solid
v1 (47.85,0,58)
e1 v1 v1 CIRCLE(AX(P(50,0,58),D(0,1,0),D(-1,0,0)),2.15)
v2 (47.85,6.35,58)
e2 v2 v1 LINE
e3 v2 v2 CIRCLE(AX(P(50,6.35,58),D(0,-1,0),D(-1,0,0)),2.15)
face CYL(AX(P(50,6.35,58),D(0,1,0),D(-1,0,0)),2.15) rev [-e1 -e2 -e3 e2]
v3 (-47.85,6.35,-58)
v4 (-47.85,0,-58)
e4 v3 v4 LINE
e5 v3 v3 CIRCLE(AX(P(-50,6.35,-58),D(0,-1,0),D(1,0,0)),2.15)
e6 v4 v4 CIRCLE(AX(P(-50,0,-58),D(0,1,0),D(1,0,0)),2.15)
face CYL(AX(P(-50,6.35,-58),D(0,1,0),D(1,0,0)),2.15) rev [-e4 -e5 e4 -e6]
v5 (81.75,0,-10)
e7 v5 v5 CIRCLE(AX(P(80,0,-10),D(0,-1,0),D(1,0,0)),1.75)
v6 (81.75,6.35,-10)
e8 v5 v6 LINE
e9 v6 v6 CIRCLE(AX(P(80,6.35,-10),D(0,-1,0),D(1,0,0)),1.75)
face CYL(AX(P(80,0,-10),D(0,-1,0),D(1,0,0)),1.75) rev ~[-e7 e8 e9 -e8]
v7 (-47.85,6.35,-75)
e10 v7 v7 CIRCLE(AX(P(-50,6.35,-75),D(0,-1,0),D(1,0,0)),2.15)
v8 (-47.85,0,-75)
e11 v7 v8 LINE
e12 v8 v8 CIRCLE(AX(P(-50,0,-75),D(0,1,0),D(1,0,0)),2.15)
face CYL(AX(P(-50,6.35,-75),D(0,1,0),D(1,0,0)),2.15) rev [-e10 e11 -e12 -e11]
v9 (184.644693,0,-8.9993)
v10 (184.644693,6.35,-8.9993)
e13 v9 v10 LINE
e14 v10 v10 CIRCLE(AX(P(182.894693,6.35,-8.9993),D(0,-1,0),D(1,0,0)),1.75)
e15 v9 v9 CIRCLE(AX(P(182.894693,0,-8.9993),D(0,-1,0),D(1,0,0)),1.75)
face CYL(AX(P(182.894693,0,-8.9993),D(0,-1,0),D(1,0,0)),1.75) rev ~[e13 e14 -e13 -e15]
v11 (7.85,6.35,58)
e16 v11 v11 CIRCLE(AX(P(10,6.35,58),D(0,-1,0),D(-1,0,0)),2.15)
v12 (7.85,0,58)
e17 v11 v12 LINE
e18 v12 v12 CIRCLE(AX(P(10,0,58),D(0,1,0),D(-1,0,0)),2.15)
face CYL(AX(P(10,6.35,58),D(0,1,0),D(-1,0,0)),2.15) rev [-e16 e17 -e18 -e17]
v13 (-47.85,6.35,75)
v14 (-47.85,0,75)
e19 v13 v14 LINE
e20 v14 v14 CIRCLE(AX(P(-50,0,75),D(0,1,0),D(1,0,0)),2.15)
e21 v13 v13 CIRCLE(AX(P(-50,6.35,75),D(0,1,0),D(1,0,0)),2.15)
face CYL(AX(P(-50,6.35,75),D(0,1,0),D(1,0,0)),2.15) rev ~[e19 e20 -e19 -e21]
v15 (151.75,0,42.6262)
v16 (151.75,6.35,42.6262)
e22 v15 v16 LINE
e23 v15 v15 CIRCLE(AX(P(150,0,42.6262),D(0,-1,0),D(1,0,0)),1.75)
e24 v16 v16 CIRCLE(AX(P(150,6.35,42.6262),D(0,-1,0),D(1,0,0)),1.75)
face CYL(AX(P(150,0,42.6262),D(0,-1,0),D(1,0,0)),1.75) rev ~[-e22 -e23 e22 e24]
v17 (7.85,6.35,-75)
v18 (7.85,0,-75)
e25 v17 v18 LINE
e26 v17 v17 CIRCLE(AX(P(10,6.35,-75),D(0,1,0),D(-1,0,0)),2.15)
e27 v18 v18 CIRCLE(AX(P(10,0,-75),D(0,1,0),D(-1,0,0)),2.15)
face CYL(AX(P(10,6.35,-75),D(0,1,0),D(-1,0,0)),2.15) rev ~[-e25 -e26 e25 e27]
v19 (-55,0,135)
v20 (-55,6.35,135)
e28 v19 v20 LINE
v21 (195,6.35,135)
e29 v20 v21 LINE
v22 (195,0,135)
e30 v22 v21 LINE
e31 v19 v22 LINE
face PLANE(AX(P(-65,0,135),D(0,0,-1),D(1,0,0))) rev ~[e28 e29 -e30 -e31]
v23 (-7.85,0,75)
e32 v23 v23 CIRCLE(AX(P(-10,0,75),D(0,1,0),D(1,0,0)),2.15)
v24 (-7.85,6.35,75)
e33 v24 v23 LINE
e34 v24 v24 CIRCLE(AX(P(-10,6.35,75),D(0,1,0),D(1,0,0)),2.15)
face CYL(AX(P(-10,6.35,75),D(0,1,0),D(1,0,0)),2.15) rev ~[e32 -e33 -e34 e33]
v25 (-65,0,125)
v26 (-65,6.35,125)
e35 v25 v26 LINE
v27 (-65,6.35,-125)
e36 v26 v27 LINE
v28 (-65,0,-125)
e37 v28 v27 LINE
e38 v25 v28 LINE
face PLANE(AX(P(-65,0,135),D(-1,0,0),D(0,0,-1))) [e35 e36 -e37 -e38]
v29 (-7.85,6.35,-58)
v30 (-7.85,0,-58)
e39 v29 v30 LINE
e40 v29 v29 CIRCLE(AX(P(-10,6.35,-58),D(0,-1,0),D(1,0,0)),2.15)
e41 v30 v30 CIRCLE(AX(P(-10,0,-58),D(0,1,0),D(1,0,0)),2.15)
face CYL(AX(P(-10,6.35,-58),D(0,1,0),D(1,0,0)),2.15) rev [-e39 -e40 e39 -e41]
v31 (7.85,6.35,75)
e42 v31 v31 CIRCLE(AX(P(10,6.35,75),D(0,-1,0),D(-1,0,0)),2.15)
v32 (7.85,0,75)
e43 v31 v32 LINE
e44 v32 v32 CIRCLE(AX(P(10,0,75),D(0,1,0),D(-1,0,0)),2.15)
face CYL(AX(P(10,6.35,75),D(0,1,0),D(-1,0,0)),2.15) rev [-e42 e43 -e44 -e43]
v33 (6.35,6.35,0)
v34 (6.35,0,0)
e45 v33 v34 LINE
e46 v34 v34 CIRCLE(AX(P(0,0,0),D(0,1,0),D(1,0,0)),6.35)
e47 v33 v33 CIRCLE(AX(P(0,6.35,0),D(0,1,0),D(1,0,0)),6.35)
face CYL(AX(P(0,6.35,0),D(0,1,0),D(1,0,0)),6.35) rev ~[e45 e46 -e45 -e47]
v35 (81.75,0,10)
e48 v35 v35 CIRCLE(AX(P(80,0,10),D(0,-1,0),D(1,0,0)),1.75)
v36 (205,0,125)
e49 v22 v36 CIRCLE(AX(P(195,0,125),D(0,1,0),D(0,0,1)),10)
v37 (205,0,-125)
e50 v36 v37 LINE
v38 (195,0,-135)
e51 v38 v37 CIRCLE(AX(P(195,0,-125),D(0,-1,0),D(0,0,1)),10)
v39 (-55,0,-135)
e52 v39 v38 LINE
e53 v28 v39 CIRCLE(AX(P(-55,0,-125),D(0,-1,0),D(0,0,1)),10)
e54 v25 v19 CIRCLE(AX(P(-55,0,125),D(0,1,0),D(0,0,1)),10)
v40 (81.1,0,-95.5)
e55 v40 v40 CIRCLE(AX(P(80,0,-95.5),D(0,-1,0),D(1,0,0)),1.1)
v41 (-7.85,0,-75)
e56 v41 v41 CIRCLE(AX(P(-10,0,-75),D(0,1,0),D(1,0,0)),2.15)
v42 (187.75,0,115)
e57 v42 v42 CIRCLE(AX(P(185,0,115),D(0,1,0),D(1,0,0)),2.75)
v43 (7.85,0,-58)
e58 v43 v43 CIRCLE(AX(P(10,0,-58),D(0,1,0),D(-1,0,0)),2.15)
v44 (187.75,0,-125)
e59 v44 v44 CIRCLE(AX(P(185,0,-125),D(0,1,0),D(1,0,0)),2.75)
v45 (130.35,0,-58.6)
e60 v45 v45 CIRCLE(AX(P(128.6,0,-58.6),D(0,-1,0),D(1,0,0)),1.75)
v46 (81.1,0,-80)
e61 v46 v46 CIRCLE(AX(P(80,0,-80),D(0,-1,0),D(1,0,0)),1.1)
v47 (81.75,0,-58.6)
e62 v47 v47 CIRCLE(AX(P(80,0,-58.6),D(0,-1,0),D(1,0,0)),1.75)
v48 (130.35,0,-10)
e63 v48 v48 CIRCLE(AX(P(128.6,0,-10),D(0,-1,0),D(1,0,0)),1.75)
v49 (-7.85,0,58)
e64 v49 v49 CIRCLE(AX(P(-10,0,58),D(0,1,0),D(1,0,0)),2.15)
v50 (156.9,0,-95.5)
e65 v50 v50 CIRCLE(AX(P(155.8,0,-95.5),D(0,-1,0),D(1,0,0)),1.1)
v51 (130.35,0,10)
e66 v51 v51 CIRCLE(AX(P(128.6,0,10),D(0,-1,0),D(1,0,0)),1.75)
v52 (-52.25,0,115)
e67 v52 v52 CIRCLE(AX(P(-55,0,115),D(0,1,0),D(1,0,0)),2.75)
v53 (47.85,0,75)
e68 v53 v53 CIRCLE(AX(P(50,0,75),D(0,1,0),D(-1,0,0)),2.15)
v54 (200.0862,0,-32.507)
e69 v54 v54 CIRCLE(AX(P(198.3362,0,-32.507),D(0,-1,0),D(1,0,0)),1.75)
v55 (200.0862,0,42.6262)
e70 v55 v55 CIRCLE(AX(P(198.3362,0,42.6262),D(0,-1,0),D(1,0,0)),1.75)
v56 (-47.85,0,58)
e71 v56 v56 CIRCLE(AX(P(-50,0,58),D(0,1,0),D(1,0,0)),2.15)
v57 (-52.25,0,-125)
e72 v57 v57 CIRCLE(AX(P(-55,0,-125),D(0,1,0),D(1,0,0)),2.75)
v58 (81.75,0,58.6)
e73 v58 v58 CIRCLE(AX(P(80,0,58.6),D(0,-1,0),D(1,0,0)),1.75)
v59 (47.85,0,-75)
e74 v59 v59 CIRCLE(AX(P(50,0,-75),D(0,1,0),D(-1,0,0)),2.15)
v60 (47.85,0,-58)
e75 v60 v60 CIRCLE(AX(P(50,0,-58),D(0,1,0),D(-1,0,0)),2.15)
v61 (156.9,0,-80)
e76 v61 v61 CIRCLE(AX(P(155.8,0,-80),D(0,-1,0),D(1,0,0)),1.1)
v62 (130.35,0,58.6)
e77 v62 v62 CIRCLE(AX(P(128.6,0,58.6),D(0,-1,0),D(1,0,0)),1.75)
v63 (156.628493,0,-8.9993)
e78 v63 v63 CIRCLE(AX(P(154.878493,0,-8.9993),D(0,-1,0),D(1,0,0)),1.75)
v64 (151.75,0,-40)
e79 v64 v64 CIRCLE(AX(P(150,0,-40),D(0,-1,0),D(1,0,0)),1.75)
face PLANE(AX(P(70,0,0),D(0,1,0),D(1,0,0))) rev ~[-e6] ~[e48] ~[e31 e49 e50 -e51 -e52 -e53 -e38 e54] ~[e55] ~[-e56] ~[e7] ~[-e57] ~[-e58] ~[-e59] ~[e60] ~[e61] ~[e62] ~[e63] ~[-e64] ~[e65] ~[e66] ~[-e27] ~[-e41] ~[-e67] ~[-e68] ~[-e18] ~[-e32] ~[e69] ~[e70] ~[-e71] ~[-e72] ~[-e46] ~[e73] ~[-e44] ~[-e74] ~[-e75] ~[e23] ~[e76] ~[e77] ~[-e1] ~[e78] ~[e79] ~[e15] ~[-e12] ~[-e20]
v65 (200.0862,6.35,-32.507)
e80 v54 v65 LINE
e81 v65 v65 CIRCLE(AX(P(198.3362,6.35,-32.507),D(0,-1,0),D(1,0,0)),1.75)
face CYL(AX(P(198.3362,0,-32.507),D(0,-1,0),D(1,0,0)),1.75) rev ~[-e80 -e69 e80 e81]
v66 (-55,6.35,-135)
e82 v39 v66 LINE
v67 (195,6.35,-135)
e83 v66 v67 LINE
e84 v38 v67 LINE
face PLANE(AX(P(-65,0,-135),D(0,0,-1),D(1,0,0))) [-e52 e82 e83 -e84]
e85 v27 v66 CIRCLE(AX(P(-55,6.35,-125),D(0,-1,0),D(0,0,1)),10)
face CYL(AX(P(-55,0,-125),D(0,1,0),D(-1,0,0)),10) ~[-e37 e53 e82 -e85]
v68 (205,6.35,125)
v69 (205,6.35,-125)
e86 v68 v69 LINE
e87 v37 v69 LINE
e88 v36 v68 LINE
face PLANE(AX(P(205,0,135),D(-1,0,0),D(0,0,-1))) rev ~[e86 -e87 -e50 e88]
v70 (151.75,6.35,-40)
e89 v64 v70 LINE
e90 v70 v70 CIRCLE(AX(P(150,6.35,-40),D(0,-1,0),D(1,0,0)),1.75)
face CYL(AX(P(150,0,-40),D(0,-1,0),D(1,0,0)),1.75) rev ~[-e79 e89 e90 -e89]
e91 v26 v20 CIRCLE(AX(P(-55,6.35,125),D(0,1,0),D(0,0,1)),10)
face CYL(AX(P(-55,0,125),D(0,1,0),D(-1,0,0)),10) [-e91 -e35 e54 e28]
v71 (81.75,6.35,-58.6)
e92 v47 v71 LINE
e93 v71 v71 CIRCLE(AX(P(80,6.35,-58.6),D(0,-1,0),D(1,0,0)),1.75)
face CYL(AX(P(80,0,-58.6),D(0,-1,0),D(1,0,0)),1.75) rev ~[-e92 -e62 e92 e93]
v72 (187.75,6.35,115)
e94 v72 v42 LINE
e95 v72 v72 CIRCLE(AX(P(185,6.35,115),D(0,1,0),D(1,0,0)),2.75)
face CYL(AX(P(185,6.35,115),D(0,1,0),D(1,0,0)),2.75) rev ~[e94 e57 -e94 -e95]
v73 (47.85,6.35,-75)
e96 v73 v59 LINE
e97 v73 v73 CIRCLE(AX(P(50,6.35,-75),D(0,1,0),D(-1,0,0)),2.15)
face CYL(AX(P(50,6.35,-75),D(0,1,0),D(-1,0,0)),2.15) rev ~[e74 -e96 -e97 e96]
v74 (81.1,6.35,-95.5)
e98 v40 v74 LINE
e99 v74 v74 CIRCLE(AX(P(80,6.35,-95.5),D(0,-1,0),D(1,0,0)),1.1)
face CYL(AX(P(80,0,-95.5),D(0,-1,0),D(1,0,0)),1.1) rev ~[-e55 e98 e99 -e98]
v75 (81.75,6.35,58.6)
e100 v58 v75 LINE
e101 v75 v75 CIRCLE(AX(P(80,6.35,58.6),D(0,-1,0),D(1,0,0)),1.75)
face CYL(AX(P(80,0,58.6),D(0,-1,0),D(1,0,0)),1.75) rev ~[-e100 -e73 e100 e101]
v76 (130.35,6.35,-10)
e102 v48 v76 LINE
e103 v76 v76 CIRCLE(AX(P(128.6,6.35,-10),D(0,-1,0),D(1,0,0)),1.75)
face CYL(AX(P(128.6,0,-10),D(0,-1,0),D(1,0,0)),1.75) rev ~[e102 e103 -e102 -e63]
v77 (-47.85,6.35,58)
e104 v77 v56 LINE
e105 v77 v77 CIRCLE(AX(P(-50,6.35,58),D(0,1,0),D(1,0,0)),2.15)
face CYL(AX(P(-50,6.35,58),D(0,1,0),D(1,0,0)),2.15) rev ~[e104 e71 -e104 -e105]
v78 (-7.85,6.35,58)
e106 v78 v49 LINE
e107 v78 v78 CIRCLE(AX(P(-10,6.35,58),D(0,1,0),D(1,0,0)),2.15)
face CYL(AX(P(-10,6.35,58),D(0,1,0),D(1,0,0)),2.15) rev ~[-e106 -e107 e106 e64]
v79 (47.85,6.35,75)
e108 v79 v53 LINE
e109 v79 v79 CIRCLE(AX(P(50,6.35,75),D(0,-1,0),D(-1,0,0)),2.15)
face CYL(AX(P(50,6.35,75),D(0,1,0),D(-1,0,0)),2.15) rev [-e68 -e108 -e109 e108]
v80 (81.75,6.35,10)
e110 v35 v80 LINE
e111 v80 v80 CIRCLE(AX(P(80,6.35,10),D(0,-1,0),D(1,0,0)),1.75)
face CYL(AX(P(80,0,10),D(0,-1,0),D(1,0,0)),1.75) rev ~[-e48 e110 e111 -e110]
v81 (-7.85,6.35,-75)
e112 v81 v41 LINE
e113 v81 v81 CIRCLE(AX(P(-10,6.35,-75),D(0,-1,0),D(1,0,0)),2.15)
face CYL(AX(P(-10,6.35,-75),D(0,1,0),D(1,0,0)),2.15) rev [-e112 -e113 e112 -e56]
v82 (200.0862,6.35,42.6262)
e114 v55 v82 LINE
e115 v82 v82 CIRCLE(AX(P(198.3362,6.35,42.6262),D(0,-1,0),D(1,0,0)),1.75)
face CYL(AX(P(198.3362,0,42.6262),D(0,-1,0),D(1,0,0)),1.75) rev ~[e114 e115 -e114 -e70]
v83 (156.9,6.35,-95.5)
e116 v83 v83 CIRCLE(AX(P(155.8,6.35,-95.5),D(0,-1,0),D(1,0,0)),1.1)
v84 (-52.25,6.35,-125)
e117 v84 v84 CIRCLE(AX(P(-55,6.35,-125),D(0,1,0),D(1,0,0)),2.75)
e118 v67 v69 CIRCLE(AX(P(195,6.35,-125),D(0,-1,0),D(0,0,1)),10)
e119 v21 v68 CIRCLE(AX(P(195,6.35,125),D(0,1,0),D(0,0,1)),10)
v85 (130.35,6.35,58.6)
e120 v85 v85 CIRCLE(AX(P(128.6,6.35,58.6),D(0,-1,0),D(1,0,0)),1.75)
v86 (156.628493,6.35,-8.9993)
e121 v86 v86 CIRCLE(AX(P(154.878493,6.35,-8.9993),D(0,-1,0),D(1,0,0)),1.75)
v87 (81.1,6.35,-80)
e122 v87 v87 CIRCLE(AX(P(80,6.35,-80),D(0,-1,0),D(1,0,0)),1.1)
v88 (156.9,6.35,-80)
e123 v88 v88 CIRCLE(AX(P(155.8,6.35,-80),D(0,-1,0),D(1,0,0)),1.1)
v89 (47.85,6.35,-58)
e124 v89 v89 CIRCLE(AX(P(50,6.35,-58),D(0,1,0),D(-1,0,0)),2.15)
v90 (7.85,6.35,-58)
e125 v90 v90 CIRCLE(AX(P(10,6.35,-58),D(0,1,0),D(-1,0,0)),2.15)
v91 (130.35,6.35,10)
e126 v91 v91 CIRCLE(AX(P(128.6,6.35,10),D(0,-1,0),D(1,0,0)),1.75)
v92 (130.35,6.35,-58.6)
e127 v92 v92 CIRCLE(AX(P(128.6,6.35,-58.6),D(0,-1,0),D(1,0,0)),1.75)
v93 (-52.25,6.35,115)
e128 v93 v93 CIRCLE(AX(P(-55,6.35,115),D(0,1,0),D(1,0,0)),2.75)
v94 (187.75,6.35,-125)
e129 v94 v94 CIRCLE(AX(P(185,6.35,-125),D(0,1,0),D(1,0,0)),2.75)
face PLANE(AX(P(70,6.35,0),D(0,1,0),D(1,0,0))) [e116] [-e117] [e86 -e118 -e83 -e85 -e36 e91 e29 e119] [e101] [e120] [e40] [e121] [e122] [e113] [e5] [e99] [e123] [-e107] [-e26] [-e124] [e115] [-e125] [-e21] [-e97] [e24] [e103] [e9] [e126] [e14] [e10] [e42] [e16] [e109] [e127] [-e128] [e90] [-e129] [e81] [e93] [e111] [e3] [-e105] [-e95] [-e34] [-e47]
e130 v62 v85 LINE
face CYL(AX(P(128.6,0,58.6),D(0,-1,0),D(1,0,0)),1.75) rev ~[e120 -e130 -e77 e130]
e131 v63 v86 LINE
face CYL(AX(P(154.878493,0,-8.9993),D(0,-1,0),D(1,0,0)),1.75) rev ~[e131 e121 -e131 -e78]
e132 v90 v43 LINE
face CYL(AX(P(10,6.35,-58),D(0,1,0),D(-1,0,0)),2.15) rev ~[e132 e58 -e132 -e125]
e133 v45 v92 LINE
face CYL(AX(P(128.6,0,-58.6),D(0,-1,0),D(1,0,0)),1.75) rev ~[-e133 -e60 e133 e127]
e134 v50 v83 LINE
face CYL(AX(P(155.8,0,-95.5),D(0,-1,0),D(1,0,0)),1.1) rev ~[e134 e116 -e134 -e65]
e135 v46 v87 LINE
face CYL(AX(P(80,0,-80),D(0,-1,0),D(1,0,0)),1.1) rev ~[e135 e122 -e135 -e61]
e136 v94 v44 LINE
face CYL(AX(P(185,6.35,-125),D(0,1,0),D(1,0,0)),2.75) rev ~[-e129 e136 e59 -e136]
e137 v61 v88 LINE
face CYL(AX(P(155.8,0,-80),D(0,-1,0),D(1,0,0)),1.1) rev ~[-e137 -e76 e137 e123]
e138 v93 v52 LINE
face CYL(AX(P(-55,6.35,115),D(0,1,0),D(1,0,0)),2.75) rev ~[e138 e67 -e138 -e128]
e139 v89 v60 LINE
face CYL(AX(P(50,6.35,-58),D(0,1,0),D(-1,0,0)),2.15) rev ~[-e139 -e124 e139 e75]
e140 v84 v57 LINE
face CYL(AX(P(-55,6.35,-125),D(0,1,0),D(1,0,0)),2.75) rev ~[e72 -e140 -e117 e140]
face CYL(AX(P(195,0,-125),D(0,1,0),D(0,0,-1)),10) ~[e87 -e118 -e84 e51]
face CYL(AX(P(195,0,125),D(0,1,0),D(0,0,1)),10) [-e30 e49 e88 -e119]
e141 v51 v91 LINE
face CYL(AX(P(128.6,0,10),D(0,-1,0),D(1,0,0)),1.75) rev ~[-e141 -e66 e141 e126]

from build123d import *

# Parameters (mm, degrees)
SKETCH1_W               = 270
SKETCH1_H               = 270
BOSS_EXTRUDE1_DEPTH     = 6.35
SKETCH3_R               = 2.15
CUT_EXTRUDE1_DEPTH      = 7.35
MIRROR2_COPY_1_SKETCH_R = 2.15
MIRROR2_COPY_1_DEPTH    = 7.35
SKETCH4_R               = 6.35
CUT_EXTRUDE2_DEPTH      = 7.35
SKETCH6_R               = 1.75
CUT_EXTRUDE4_DEPTH      = 7.35
SKETCH7_R               = 1.1
CUT_EXTRUDE5_DEPTH      = 7.35
FILLET1_R               = 10
CUT_EXTRUDE6_REACH      = 8.35
SKETCH8_R               = 2.75


with BuildPart() as part:
    # Sketch1 → Boss-Extrude1 (new body)
    with BuildSketch(Plane(origin=(0, 0, 0), x_dir=(1, 0, 0), z_dir=(0, 1, 0))):
        with Locations((70, 0)):
            Rectangle(SKETCH1_W, SKETCH1_H)
    extrude(amount=BOSS_EXTRUDE1_DEPTH)

    # Sketch3 → Cut-Extrude1 (cut, through all)
    with BuildSketch(Plane(origin=(0, 6.35, 0), x_dir=(1, 0, 0), z_dir=(0, 1, 0))):
        with Locations((-50, -58)):
            Circle(SKETCH3_R)
        with Locations((-10, -58)):
            Circle(SKETCH3_R)
        with Locations((-50, -75)):
            Circle(SKETCH3_R)
        with Locations((-10, -75)):
            Circle(SKETCH3_R)
    cut_extrude1 = extrude(amount=-CUT_EXTRUDE1_DEPTH, mode=Mode.SUBTRACT)

    # Mirror1: Cut-Extrude1 across plane
    add(cut_extrude1.mirror(Plane(origin=(0, 0, 0), x_dir=(0, 0, 1), z_dir=(1, 0, 0))), mode=Mode.SUBTRACT)

    # Mirror2: Cut-Extrude1 across plane
    add(cut_extrude1.mirror(Plane.XY), mode=Mode.SUBTRACT)

    # Mirror2 copy 1 sketch → Mirror2 copy 1 (cut, through all)
    with BuildSketch(Plane(origin=(0, 6.35, 0), x_dir=(-1, 0, 0), z_dir=(0, 1, 0))):
        with Locations((-50, -58)):
            Circle(MIRROR2_COPY_1_SKETCH_R)
        with Locations((-10, -58)):
            Circle(MIRROR2_COPY_1_SKETCH_R)
        with Locations((-50, -75)):
            Circle(MIRROR2_COPY_1_SKETCH_R)
        with Locations((-10, -75)):
            Circle(MIRROR2_COPY_1_SKETCH_R)
    extrude(amount=-MIRROR2_COPY_1_DEPTH, mode=Mode.SUBTRACT)

    # Sketch4 → Cut-Extrude2 (cut, through all)
    with BuildSketch(Plane(origin=(0, 6.35, 0), x_dir=(1, 0, 0), z_dir=(0, 1, 0))):
        Circle(SKETCH4_R)
    extrude(amount=-CUT_EXTRUDE2_DEPTH, mode=Mode.SUBTRACT)

    # Sketch6 → Cut-Extrude4 (cut, through all)
    with BuildSketch(Plane.XZ):
        with Locations((80, -58.6)):
            Circle(SKETCH6_R)
        with Locations((80, -10)):
            Circle(SKETCH6_R)
        with Locations((128.6, -58.6)):
            Circle(SKETCH6_R)
        with Locations((128.6, -10)):
            Circle(SKETCH6_R)
        with Locations((80, 10)):
            Circle(SKETCH6_R)
        with Locations((80, 58.6)):
            Circle(SKETCH6_R)
        with Locations((128.6, 58.6)):
            Circle(SKETCH6_R)
        with Locations((128.6, 10)):
            Circle(SKETCH6_R)
        with Locations((198.3362, 42.6262)):
            Circle(SKETCH6_R)
        with Locations((150, 42.6262)):
            Circle(SKETCH6_R)
        with Locations((150, -40)):
            Circle(SKETCH6_R)
        with Locations((154.878492766, -8.9993)):
            Circle(SKETCH6_R)
        with Locations((198.3362, -32.507)):
            Circle(SKETCH6_R)
        with Locations((182.894692766, -8.9993)):
            Circle(SKETCH6_R)
    extrude(amount=-CUT_EXTRUDE4_DEPTH, mode=Mode.SUBTRACT)

    # Sketch7 → Cut-Extrude5 (cut, through all)
    with BuildSketch(Plane.XZ):
        with Locations((155.8, -95.5)):
            Circle(SKETCH7_R)
        with Locations((80, -95.5)):
            Circle(SKETCH7_R)
        with Locations((80, -80)):
            Circle(SKETCH7_R)
        with Locations((155.8, -80)):
            Circle(SKETCH7_R)
    extrude(amount=-CUT_EXTRUDE5_DEPTH, mode=Mode.SUBTRACT)

    # Fillet1
    fillet1_edges = [part.edges().sort_by_distance(p)[0] for p in [
        (-65, 3.175, -135),
        (205, 3.175, -135),
        (205, 3.175, 135),
        (-65, 3.175, 135),
    ]]
    fillet(fillet1_edges, radius=FILLET1_R)

    # Sketch8 → Cut-Extrude6 (cut, up to next)
    with BuildSketch(Plane(origin=(0, 6.35, 0), x_dir=(1, 0, 0), z_dir=(0, 1, 0)), mode=Mode.PRIVATE) as cut_extrude6_sk1:
        with Locations((-55, 125)):
            Circle(SKETCH8_R)
    cut_extrude6_tool1 = extrude(cut_extrude6_sk1.sketch, amount=-CUT_EXTRUDE6_REACH, mode=Mode.PRIVATE) & part.part
    add(cut_extrude6_tool1.solids().sort_by_distance((-55, 6.35, -125))[0], mode=Mode.SUBTRACT)
    # Sketch8 → Cut-Extrude6 (cut, up to next)
    with BuildSketch(Plane(origin=(0, 6.35, 0), x_dir=(1, 0, 0), z_dir=(0, 1, 0)), mode=Mode.PRIVATE) as cut_extrude6_sk2:
        with Locations((185, 125)):
            Circle(SKETCH8_R)
    cut_extrude6_tool2 = extrude(cut_extrude6_sk2.sketch, amount=-CUT_EXTRUDE6_REACH, mode=Mode.PRIVATE) & part.part
    add(cut_extrude6_tool2.solids().sort_by_distance((185, 6.35, -125))[0], mode=Mode.SUBTRACT)
    # Sketch8 → Cut-Extrude6 (cut, up to next)
    with BuildSketch(Plane(origin=(0, 6.35, 0), x_dir=(1, 0, 0), z_dir=(0, 1, 0)), mode=Mode.PRIVATE) as cut_extrude6_sk3:
        with Locations((-55, -115)):
            Circle(SKETCH8_R)
    cut_extrude6_tool3 = extrude(cut_extrude6_sk3.sketch, amount=-CUT_EXTRUDE6_REACH, mode=Mode.PRIVATE) & part.part
    add(cut_extrude6_tool3.solids().sort_by_distance((-55, 6.35, 115))[0], mode=Mode.SUBTRACT)
    # Sketch8 → Cut-Extrude6 (cut, up to next)
    with BuildSketch(Plane(origin=(0, 6.35, 0), x_dir=(1, 0, 0), z_dir=(0, 1, 0)), mode=Mode.PRIVATE) as cut_extrude6_sk4:
        with Locations((185, -115)):
            Circle(SKETCH8_R)
    cut_extrude6_tool4 = extrude(cut_extrude6_sk4.sketch, amount=-CUT_EXTRUDE6_REACH, mode=Mode.PRIVATE) & part.part
    add(cut_extrude6_tool4.solids().sort_by_distance((185, 6.35, 115))[0], mode=Mode.SUBTRACT)


solid = part.part
